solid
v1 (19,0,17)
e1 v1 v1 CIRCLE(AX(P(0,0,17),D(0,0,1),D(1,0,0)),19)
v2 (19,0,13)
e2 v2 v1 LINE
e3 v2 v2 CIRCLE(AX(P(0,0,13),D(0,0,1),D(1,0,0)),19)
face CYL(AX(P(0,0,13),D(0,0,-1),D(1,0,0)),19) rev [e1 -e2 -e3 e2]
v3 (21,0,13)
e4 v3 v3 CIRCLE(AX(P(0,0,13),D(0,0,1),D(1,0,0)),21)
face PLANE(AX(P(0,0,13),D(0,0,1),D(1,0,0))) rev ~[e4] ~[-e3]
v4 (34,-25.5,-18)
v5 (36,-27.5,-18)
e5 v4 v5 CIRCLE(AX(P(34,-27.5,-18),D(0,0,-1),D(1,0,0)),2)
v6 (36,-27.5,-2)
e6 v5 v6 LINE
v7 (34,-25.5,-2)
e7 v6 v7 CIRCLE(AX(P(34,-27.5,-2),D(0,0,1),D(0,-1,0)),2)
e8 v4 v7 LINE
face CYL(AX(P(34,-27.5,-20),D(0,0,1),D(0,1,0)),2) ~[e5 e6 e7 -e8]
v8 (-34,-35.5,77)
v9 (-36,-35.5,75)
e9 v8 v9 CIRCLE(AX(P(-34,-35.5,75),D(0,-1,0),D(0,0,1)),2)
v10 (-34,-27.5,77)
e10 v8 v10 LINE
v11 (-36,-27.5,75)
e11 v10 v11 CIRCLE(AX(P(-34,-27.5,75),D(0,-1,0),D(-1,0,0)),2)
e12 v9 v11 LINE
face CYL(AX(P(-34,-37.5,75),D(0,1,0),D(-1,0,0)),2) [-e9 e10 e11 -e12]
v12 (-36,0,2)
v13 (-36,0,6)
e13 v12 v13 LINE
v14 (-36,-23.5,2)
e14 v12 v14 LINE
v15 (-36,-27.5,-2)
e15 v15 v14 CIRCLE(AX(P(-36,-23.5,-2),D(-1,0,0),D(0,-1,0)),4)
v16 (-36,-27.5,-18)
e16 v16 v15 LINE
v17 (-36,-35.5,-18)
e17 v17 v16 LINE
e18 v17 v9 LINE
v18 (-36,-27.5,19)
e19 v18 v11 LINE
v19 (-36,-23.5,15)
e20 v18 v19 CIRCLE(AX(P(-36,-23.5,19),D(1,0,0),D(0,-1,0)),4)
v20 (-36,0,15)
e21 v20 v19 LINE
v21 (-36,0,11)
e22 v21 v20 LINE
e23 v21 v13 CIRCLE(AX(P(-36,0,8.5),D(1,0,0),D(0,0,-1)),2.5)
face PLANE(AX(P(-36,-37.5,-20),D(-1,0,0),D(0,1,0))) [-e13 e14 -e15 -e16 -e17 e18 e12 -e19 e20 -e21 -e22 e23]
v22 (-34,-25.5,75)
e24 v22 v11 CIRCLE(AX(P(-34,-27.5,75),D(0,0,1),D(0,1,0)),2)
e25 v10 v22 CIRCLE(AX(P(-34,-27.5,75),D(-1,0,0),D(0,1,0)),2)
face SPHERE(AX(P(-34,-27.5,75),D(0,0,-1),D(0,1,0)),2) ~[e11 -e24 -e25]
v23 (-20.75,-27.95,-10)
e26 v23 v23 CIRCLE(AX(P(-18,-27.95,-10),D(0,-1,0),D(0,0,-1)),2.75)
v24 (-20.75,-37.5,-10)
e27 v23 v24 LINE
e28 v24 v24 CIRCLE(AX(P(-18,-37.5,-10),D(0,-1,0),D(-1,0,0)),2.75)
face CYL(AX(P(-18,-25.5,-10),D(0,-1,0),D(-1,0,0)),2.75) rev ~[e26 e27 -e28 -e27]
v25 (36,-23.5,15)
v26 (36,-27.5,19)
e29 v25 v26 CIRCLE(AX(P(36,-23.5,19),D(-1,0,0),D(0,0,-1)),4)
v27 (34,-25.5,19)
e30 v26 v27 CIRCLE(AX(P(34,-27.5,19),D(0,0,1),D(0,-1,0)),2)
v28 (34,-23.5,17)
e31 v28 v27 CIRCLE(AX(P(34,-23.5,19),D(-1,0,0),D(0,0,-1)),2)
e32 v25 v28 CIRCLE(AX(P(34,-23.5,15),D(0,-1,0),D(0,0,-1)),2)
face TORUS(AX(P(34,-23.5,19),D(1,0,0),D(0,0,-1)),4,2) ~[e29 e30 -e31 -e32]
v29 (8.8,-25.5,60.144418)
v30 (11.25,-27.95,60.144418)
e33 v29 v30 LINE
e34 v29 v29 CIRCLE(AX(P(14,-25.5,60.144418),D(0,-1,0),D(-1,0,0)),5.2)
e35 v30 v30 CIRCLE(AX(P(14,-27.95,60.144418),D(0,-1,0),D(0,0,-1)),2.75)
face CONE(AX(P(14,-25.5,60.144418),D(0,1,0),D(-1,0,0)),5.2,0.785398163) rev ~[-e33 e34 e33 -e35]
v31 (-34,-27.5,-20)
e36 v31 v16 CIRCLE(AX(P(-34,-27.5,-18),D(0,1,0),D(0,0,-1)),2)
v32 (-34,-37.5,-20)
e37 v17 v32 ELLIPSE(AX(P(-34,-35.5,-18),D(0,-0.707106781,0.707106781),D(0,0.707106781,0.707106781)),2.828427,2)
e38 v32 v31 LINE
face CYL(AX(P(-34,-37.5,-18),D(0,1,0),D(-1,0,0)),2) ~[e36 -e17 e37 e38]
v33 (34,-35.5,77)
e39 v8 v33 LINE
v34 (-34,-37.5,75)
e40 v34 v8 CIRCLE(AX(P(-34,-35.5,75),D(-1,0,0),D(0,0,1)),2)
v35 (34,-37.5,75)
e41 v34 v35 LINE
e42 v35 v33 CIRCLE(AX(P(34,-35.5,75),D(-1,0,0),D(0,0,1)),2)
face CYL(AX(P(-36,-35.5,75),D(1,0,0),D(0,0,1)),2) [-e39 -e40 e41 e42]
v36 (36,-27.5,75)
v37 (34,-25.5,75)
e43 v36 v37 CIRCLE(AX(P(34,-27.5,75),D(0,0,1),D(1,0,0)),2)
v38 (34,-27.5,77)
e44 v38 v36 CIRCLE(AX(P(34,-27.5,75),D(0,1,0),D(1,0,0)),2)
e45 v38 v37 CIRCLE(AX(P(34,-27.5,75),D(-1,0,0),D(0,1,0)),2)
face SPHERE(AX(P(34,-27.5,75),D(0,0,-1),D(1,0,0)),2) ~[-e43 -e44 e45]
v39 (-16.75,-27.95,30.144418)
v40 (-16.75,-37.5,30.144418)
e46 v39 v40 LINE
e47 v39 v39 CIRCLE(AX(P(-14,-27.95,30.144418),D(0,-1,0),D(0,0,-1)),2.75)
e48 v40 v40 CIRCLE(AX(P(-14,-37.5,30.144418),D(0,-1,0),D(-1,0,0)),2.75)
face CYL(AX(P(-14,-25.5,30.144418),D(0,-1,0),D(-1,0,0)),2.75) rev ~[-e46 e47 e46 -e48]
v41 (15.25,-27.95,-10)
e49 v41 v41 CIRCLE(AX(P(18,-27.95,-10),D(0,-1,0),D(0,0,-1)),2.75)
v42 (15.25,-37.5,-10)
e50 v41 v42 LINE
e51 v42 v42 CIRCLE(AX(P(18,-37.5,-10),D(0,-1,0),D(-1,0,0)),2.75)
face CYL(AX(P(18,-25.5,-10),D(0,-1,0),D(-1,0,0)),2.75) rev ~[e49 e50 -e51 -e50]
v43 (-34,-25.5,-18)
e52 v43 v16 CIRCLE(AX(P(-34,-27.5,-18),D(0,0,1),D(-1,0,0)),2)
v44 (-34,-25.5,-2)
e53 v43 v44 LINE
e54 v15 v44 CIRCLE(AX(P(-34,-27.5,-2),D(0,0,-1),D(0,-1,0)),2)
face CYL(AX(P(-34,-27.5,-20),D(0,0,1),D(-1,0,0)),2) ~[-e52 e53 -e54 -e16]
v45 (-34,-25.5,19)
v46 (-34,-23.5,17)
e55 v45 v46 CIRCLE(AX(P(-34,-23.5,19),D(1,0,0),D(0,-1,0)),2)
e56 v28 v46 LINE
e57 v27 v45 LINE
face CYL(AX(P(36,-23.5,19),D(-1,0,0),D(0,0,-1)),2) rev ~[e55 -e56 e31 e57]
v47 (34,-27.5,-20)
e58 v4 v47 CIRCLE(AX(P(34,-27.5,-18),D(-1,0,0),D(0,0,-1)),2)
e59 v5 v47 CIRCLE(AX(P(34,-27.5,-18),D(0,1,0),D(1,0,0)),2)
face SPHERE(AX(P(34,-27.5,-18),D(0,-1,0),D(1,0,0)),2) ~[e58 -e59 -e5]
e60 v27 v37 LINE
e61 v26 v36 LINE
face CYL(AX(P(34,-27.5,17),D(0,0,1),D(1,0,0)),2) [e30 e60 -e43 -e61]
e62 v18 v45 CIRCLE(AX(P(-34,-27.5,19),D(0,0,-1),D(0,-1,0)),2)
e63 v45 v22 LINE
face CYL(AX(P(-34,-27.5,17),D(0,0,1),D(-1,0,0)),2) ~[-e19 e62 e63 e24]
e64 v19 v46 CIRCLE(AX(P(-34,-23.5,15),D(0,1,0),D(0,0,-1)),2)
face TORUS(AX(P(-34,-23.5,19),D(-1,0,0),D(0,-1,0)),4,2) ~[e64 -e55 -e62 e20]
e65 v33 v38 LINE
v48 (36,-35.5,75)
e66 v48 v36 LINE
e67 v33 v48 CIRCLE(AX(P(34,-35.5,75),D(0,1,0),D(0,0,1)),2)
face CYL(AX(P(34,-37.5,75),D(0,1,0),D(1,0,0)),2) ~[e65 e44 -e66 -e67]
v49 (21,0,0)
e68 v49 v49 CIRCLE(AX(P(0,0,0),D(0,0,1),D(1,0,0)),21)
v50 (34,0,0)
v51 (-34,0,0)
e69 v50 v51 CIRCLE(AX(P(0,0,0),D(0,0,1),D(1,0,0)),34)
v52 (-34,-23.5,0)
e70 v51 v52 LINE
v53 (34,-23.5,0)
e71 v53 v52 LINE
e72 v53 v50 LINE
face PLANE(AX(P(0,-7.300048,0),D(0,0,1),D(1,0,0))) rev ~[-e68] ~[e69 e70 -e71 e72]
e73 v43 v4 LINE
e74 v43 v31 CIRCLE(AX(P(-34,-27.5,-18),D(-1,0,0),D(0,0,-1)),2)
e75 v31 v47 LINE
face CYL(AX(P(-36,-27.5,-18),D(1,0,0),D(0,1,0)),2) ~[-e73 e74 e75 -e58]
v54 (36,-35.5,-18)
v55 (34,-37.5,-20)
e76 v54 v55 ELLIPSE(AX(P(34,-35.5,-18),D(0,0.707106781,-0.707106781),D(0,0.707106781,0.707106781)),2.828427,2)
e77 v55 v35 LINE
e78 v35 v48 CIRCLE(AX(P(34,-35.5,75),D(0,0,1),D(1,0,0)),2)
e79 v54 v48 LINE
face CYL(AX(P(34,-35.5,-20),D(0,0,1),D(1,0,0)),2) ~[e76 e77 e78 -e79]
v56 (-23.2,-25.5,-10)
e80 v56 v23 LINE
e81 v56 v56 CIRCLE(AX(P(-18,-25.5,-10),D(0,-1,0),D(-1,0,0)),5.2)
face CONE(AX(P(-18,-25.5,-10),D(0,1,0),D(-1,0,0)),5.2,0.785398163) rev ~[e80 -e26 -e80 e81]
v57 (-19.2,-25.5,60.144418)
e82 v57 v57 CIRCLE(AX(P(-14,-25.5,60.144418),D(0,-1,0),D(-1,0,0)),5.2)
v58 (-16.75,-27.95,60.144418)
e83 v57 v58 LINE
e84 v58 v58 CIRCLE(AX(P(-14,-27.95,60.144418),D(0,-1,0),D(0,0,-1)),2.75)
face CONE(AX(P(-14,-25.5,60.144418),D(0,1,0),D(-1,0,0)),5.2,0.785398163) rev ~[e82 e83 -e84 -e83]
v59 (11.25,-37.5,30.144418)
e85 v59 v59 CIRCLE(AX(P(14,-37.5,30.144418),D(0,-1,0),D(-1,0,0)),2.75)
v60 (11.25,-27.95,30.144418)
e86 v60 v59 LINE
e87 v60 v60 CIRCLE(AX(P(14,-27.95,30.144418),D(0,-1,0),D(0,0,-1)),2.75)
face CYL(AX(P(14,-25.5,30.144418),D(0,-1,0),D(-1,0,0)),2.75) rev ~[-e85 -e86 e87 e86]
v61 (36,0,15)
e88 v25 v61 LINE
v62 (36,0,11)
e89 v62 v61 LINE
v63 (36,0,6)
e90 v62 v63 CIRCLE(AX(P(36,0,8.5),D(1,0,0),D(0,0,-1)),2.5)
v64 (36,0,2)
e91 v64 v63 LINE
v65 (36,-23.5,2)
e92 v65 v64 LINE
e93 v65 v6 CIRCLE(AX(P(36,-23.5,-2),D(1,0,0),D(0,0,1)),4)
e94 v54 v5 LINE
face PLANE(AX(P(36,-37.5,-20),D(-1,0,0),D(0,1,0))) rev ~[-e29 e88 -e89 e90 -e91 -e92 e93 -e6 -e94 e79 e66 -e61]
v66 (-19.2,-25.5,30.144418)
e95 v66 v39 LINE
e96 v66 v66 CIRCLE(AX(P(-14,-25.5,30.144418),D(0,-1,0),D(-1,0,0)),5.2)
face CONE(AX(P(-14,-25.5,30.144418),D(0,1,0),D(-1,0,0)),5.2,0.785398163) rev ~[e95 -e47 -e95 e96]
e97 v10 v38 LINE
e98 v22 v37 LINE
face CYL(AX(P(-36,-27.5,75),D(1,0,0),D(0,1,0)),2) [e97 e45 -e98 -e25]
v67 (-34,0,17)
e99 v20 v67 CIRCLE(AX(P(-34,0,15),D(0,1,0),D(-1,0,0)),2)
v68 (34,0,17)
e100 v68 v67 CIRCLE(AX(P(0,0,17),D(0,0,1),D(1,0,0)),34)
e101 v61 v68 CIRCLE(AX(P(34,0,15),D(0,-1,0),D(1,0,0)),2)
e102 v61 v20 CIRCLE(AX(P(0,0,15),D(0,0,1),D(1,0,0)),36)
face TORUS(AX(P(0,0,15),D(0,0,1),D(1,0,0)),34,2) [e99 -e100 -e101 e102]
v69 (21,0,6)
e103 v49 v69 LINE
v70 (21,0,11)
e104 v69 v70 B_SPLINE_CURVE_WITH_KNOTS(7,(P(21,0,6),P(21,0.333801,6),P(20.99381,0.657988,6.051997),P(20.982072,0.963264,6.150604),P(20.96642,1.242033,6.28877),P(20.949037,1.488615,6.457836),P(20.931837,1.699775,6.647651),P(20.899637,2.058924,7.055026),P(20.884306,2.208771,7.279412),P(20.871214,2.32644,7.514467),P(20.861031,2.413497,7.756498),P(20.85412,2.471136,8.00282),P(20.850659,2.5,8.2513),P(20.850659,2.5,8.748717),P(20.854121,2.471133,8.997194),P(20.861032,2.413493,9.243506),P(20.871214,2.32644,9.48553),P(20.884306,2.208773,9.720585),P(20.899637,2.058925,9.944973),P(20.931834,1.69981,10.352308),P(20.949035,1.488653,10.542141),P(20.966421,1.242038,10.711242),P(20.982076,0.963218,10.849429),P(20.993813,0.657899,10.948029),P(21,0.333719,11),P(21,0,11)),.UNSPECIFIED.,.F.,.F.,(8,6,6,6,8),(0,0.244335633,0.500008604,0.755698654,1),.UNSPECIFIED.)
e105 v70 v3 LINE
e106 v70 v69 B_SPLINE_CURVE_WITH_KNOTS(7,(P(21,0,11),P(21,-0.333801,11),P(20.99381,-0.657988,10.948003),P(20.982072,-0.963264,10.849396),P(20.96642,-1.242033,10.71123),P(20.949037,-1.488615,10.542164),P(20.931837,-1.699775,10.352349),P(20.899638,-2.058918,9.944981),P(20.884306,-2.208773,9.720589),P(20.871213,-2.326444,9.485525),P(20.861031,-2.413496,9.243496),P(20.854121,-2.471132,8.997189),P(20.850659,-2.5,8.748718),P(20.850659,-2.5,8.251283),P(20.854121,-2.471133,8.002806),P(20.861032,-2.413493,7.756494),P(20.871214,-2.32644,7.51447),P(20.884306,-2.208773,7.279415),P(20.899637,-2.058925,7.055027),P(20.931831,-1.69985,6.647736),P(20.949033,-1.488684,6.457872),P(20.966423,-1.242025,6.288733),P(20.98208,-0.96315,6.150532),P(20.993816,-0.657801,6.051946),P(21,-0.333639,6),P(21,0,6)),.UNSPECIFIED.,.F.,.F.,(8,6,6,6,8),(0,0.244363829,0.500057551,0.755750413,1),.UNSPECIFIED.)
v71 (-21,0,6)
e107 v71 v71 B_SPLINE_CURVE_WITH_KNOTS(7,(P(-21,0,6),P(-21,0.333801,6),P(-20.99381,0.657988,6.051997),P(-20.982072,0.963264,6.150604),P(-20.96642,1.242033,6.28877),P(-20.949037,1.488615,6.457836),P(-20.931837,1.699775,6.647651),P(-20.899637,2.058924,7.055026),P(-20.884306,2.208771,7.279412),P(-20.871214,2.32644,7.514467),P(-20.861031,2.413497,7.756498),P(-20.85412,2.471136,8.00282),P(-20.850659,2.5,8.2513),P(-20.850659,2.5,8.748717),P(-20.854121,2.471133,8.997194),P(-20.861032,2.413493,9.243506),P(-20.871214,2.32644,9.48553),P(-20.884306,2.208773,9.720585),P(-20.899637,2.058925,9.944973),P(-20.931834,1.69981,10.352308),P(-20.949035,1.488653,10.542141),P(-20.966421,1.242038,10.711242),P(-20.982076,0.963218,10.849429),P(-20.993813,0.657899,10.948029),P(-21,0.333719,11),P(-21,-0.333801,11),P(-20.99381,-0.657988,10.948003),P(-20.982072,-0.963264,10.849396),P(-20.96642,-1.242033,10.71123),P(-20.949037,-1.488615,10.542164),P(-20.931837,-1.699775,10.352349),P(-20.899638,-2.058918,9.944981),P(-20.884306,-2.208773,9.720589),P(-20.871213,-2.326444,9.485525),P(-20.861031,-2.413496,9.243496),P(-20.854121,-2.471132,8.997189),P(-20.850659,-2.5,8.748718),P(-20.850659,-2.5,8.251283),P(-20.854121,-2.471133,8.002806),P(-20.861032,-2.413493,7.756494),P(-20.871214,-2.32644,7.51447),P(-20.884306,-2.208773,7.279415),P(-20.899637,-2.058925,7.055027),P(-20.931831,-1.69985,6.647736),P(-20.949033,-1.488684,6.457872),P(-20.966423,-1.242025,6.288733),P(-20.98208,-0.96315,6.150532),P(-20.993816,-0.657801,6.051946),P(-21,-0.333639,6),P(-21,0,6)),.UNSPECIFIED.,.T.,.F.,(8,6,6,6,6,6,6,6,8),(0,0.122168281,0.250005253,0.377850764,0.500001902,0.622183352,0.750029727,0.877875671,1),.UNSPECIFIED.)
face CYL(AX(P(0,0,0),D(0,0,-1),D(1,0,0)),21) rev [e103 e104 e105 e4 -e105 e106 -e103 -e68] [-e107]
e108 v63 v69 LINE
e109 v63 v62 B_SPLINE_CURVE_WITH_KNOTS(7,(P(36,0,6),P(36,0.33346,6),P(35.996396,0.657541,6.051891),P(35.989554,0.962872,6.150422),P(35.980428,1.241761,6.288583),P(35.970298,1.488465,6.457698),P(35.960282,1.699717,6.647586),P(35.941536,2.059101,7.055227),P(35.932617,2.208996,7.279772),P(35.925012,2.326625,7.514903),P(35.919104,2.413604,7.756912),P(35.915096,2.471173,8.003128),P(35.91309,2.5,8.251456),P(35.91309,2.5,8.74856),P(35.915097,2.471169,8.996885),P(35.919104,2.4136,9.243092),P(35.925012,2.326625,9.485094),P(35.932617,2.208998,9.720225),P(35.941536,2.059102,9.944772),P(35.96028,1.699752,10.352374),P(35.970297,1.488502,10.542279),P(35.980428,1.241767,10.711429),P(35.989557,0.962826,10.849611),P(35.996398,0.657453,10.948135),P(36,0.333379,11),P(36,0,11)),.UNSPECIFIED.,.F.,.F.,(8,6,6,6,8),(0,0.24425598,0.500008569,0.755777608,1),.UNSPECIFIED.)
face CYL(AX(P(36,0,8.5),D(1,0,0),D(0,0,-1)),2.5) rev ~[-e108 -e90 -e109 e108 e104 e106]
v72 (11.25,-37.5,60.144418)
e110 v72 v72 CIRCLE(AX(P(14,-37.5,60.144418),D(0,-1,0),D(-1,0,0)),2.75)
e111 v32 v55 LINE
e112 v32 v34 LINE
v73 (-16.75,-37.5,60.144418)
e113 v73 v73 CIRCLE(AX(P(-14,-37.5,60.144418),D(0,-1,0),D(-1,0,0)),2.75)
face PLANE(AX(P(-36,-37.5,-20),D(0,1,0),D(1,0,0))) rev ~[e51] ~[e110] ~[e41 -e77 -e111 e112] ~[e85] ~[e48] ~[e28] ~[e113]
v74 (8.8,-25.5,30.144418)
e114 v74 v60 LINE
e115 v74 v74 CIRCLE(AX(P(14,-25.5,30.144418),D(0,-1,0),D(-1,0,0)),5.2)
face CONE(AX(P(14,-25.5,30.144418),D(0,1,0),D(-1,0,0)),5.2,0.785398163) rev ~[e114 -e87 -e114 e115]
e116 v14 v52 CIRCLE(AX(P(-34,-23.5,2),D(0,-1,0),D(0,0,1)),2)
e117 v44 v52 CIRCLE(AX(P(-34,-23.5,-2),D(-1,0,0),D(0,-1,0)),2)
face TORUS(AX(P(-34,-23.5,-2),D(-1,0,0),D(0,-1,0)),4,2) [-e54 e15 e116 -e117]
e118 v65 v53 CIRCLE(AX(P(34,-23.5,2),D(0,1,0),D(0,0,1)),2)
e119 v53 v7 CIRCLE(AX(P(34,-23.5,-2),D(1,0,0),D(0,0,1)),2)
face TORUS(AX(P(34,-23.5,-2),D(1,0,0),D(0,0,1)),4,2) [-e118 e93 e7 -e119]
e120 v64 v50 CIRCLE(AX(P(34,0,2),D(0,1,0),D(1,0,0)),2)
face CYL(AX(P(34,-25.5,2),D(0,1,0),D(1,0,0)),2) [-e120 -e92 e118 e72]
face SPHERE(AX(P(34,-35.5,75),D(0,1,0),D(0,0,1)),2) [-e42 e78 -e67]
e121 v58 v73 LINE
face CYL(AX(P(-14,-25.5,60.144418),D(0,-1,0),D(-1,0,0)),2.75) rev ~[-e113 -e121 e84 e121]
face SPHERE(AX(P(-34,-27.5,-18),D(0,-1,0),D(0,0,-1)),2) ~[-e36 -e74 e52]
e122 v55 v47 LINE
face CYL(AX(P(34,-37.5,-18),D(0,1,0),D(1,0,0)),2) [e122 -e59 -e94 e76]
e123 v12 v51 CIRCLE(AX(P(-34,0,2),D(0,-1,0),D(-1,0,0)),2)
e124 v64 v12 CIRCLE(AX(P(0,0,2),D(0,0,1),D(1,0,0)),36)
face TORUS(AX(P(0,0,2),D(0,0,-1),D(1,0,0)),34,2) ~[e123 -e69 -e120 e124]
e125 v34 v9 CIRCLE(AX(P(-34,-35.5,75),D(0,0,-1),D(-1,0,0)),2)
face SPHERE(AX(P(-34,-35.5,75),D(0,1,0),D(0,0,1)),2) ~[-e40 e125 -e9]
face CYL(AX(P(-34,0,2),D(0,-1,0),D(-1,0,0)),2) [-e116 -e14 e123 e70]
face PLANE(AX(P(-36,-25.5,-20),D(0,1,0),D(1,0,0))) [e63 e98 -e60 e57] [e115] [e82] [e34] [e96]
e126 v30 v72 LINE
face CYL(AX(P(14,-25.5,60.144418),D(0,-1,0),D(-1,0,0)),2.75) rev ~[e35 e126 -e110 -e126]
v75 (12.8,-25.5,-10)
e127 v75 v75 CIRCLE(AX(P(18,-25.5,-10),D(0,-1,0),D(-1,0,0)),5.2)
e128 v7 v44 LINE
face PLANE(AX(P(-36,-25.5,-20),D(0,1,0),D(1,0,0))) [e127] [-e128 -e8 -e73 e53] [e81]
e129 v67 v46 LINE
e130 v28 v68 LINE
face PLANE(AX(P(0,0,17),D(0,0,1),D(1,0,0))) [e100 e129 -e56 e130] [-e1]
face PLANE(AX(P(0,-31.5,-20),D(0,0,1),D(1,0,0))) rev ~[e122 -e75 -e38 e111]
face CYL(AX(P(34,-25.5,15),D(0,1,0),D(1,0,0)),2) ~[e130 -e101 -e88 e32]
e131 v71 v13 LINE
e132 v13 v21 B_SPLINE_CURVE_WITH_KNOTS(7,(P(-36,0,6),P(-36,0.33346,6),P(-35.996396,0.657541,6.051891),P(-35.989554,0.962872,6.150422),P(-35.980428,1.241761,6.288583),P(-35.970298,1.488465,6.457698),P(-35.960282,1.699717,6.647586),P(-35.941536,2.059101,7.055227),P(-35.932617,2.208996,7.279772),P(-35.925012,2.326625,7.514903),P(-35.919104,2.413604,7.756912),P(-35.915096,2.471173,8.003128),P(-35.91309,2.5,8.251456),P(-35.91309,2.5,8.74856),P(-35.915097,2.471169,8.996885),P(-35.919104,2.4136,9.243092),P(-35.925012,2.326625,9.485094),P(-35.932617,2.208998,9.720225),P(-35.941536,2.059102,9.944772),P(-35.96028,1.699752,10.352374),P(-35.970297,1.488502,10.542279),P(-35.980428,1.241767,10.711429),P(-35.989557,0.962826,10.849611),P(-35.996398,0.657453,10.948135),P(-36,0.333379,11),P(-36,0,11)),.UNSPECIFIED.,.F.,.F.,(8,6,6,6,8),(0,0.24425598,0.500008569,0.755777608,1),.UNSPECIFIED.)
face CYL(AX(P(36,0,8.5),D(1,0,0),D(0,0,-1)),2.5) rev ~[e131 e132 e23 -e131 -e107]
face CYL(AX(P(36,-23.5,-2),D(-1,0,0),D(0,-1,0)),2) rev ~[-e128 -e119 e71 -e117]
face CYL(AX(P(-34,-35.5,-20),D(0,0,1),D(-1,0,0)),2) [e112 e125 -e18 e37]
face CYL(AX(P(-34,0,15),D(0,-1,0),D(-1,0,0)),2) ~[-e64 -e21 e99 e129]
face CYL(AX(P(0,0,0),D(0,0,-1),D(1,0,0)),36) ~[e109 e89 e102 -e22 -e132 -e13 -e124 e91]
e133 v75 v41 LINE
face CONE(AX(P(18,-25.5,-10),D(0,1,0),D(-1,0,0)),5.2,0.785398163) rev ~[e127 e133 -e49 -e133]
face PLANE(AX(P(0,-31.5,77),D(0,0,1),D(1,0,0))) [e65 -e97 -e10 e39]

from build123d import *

# Parameters (mm, degrees)
SKETCH1_R                                            = 21
BOSS_EXTRUDE1_DEPTH                                  = 17
BOSS_EXTRUDE2_DEPTH                                  = 60
BOSS_EXTRUDE2_DEPTH_BACK                             = 37
SKETCH2_W                                            = 72
SKETCH2_H                                            = 12
FILLET1_R                                            = 2
BOSS_EXTRUDE4_START                                  = -4
SKETCH4_R                                            = 21
SKETCH4_R_2                                          = 19
BOSS_EXTRUDE4_DEPTH                                  = 4
SKETCH7_R                                            = 2.5
CUT_EXTRUDE3_DEPTH                                   = 112.889454374
CSK_FOR_M5_COUNTERSUNK_RAISED_HEAD_SCREW_D           = 5.5
CSK_FOR_M5_COUNTERSUNK_RAISED_HEAD_SCREW_CSINK_D     = 10.4
CSK_FOR_M5_COUNTERSUNK_RAISED_HEAD_SCREW_CSINK_ANGLE = 90


with BuildPart() as part:
    # Sketch1 → Boss-Extrude1 (new body)
    with BuildSketch(Plane.XY):
        with BuildLine():
            Line((-36, 0), (-36, -37.5))
            Line((-36, -37.5), (36, -37.5))
            Line((36, -37.5), (36, 0))
            ThreePointArc((36, 0), (0, 36), (-36, 0))
        make_face()
        Circle(SKETCH1_R, mode=Mode.SUBTRACT)
    extrude(amount=BOSS_EXTRUDE1_DEPTH)

    # Sketch2 → Boss-Extrude2 (add, two sides: drawn at the far end of the back side and taken through both)
    with BuildSketch(Plane.XY.offset(17).offset(-BOSS_EXTRUDE2_DEPTH_BACK)):
        with Locations((0, -31.5)):
            Rectangle(SKETCH2_W, SKETCH2_H)
    extrude(amount=BOSS_EXTRUDE2_DEPTH + BOSS_EXTRUDE2_DEPTH_BACK)

    # Fillet1
    fillet1_edges = [part.edges().sort_by_distance(p)[0] for p in [
        (36, -12.75, 0),
        (36, -12.75, 17),
        (36, -31.5, -20),
        (36, -25.5, -10),
        (-36, -31.5, -20),
        (0, -25.5, 0),
        (0, -25.5, -20),
        (-36, -25.5, -10),
        (36, -25.5, 47),
        (0, -25.5, 17),
        (-36, -25.5, 47),
        (36, -31.5, 77),
        (0, -25.5, 77),
        (-36, -31.5, 77),
        (0, -37.5, 77),
        (0, 36, 17),
        (-36, -12.75, 0),
        (0, 36, 0),
        (36, -37.5, 28.5),
        (-36, -37.5, 28.5),
        (-36, -12.75, 17),
    ]]
    fillet(fillet1_edges, radius=FILLET1_R)

    # Sketch4 → Boss-Extrude4 (add)
    with BuildSketch(Plane.XY.offset(17).offset(BOSS_EXTRUDE4_START)):
        Circle(SKETCH4_R)
        Circle(SKETCH4_R_2, mode=Mode.SUBTRACT)
    extrude(amount=BOSS_EXTRUDE4_DEPTH)

    # Sketch7 → Cut-Extrude3 (cut, through all)
    with BuildSketch(Plane(origin=(36, 0, 0), x_dir=(0, 0, -1), z_dir=(1, 0, 0))):
        with Locations((-8.5, 0)):
            Circle(SKETCH7_R)
    extrude(amount=-CUT_EXTRUDE3_DEPTH, mode=Mode.SUBTRACT)

    # CSK for M5 Countersunk Raised Head Screw1 (through all)
    with Locations(Plane(origin=(-14, -25.5, 60.144417791), x_dir=(1, 0, 0), z_dir=(0, 1, 0))):
        with Locations((0, 0), (28, 0), (-4, 70.144417791), (32, 70.144417791), (0, 30), (28, 30)):
            CounterSinkHole(CSK_FOR_M5_COUNTERSUNK_RAISED_HEAD_SCREW_D / 2, CSK_FOR_M5_COUNTERSUNK_RAISED_HEAD_SCREW_CSINK_D / 2, counter_sink_angle=CSK_FOR_M5_COUNTERSUNK_RAISED_HEAD_SCREW_CSINK_ANGLE)


solid = part.part
